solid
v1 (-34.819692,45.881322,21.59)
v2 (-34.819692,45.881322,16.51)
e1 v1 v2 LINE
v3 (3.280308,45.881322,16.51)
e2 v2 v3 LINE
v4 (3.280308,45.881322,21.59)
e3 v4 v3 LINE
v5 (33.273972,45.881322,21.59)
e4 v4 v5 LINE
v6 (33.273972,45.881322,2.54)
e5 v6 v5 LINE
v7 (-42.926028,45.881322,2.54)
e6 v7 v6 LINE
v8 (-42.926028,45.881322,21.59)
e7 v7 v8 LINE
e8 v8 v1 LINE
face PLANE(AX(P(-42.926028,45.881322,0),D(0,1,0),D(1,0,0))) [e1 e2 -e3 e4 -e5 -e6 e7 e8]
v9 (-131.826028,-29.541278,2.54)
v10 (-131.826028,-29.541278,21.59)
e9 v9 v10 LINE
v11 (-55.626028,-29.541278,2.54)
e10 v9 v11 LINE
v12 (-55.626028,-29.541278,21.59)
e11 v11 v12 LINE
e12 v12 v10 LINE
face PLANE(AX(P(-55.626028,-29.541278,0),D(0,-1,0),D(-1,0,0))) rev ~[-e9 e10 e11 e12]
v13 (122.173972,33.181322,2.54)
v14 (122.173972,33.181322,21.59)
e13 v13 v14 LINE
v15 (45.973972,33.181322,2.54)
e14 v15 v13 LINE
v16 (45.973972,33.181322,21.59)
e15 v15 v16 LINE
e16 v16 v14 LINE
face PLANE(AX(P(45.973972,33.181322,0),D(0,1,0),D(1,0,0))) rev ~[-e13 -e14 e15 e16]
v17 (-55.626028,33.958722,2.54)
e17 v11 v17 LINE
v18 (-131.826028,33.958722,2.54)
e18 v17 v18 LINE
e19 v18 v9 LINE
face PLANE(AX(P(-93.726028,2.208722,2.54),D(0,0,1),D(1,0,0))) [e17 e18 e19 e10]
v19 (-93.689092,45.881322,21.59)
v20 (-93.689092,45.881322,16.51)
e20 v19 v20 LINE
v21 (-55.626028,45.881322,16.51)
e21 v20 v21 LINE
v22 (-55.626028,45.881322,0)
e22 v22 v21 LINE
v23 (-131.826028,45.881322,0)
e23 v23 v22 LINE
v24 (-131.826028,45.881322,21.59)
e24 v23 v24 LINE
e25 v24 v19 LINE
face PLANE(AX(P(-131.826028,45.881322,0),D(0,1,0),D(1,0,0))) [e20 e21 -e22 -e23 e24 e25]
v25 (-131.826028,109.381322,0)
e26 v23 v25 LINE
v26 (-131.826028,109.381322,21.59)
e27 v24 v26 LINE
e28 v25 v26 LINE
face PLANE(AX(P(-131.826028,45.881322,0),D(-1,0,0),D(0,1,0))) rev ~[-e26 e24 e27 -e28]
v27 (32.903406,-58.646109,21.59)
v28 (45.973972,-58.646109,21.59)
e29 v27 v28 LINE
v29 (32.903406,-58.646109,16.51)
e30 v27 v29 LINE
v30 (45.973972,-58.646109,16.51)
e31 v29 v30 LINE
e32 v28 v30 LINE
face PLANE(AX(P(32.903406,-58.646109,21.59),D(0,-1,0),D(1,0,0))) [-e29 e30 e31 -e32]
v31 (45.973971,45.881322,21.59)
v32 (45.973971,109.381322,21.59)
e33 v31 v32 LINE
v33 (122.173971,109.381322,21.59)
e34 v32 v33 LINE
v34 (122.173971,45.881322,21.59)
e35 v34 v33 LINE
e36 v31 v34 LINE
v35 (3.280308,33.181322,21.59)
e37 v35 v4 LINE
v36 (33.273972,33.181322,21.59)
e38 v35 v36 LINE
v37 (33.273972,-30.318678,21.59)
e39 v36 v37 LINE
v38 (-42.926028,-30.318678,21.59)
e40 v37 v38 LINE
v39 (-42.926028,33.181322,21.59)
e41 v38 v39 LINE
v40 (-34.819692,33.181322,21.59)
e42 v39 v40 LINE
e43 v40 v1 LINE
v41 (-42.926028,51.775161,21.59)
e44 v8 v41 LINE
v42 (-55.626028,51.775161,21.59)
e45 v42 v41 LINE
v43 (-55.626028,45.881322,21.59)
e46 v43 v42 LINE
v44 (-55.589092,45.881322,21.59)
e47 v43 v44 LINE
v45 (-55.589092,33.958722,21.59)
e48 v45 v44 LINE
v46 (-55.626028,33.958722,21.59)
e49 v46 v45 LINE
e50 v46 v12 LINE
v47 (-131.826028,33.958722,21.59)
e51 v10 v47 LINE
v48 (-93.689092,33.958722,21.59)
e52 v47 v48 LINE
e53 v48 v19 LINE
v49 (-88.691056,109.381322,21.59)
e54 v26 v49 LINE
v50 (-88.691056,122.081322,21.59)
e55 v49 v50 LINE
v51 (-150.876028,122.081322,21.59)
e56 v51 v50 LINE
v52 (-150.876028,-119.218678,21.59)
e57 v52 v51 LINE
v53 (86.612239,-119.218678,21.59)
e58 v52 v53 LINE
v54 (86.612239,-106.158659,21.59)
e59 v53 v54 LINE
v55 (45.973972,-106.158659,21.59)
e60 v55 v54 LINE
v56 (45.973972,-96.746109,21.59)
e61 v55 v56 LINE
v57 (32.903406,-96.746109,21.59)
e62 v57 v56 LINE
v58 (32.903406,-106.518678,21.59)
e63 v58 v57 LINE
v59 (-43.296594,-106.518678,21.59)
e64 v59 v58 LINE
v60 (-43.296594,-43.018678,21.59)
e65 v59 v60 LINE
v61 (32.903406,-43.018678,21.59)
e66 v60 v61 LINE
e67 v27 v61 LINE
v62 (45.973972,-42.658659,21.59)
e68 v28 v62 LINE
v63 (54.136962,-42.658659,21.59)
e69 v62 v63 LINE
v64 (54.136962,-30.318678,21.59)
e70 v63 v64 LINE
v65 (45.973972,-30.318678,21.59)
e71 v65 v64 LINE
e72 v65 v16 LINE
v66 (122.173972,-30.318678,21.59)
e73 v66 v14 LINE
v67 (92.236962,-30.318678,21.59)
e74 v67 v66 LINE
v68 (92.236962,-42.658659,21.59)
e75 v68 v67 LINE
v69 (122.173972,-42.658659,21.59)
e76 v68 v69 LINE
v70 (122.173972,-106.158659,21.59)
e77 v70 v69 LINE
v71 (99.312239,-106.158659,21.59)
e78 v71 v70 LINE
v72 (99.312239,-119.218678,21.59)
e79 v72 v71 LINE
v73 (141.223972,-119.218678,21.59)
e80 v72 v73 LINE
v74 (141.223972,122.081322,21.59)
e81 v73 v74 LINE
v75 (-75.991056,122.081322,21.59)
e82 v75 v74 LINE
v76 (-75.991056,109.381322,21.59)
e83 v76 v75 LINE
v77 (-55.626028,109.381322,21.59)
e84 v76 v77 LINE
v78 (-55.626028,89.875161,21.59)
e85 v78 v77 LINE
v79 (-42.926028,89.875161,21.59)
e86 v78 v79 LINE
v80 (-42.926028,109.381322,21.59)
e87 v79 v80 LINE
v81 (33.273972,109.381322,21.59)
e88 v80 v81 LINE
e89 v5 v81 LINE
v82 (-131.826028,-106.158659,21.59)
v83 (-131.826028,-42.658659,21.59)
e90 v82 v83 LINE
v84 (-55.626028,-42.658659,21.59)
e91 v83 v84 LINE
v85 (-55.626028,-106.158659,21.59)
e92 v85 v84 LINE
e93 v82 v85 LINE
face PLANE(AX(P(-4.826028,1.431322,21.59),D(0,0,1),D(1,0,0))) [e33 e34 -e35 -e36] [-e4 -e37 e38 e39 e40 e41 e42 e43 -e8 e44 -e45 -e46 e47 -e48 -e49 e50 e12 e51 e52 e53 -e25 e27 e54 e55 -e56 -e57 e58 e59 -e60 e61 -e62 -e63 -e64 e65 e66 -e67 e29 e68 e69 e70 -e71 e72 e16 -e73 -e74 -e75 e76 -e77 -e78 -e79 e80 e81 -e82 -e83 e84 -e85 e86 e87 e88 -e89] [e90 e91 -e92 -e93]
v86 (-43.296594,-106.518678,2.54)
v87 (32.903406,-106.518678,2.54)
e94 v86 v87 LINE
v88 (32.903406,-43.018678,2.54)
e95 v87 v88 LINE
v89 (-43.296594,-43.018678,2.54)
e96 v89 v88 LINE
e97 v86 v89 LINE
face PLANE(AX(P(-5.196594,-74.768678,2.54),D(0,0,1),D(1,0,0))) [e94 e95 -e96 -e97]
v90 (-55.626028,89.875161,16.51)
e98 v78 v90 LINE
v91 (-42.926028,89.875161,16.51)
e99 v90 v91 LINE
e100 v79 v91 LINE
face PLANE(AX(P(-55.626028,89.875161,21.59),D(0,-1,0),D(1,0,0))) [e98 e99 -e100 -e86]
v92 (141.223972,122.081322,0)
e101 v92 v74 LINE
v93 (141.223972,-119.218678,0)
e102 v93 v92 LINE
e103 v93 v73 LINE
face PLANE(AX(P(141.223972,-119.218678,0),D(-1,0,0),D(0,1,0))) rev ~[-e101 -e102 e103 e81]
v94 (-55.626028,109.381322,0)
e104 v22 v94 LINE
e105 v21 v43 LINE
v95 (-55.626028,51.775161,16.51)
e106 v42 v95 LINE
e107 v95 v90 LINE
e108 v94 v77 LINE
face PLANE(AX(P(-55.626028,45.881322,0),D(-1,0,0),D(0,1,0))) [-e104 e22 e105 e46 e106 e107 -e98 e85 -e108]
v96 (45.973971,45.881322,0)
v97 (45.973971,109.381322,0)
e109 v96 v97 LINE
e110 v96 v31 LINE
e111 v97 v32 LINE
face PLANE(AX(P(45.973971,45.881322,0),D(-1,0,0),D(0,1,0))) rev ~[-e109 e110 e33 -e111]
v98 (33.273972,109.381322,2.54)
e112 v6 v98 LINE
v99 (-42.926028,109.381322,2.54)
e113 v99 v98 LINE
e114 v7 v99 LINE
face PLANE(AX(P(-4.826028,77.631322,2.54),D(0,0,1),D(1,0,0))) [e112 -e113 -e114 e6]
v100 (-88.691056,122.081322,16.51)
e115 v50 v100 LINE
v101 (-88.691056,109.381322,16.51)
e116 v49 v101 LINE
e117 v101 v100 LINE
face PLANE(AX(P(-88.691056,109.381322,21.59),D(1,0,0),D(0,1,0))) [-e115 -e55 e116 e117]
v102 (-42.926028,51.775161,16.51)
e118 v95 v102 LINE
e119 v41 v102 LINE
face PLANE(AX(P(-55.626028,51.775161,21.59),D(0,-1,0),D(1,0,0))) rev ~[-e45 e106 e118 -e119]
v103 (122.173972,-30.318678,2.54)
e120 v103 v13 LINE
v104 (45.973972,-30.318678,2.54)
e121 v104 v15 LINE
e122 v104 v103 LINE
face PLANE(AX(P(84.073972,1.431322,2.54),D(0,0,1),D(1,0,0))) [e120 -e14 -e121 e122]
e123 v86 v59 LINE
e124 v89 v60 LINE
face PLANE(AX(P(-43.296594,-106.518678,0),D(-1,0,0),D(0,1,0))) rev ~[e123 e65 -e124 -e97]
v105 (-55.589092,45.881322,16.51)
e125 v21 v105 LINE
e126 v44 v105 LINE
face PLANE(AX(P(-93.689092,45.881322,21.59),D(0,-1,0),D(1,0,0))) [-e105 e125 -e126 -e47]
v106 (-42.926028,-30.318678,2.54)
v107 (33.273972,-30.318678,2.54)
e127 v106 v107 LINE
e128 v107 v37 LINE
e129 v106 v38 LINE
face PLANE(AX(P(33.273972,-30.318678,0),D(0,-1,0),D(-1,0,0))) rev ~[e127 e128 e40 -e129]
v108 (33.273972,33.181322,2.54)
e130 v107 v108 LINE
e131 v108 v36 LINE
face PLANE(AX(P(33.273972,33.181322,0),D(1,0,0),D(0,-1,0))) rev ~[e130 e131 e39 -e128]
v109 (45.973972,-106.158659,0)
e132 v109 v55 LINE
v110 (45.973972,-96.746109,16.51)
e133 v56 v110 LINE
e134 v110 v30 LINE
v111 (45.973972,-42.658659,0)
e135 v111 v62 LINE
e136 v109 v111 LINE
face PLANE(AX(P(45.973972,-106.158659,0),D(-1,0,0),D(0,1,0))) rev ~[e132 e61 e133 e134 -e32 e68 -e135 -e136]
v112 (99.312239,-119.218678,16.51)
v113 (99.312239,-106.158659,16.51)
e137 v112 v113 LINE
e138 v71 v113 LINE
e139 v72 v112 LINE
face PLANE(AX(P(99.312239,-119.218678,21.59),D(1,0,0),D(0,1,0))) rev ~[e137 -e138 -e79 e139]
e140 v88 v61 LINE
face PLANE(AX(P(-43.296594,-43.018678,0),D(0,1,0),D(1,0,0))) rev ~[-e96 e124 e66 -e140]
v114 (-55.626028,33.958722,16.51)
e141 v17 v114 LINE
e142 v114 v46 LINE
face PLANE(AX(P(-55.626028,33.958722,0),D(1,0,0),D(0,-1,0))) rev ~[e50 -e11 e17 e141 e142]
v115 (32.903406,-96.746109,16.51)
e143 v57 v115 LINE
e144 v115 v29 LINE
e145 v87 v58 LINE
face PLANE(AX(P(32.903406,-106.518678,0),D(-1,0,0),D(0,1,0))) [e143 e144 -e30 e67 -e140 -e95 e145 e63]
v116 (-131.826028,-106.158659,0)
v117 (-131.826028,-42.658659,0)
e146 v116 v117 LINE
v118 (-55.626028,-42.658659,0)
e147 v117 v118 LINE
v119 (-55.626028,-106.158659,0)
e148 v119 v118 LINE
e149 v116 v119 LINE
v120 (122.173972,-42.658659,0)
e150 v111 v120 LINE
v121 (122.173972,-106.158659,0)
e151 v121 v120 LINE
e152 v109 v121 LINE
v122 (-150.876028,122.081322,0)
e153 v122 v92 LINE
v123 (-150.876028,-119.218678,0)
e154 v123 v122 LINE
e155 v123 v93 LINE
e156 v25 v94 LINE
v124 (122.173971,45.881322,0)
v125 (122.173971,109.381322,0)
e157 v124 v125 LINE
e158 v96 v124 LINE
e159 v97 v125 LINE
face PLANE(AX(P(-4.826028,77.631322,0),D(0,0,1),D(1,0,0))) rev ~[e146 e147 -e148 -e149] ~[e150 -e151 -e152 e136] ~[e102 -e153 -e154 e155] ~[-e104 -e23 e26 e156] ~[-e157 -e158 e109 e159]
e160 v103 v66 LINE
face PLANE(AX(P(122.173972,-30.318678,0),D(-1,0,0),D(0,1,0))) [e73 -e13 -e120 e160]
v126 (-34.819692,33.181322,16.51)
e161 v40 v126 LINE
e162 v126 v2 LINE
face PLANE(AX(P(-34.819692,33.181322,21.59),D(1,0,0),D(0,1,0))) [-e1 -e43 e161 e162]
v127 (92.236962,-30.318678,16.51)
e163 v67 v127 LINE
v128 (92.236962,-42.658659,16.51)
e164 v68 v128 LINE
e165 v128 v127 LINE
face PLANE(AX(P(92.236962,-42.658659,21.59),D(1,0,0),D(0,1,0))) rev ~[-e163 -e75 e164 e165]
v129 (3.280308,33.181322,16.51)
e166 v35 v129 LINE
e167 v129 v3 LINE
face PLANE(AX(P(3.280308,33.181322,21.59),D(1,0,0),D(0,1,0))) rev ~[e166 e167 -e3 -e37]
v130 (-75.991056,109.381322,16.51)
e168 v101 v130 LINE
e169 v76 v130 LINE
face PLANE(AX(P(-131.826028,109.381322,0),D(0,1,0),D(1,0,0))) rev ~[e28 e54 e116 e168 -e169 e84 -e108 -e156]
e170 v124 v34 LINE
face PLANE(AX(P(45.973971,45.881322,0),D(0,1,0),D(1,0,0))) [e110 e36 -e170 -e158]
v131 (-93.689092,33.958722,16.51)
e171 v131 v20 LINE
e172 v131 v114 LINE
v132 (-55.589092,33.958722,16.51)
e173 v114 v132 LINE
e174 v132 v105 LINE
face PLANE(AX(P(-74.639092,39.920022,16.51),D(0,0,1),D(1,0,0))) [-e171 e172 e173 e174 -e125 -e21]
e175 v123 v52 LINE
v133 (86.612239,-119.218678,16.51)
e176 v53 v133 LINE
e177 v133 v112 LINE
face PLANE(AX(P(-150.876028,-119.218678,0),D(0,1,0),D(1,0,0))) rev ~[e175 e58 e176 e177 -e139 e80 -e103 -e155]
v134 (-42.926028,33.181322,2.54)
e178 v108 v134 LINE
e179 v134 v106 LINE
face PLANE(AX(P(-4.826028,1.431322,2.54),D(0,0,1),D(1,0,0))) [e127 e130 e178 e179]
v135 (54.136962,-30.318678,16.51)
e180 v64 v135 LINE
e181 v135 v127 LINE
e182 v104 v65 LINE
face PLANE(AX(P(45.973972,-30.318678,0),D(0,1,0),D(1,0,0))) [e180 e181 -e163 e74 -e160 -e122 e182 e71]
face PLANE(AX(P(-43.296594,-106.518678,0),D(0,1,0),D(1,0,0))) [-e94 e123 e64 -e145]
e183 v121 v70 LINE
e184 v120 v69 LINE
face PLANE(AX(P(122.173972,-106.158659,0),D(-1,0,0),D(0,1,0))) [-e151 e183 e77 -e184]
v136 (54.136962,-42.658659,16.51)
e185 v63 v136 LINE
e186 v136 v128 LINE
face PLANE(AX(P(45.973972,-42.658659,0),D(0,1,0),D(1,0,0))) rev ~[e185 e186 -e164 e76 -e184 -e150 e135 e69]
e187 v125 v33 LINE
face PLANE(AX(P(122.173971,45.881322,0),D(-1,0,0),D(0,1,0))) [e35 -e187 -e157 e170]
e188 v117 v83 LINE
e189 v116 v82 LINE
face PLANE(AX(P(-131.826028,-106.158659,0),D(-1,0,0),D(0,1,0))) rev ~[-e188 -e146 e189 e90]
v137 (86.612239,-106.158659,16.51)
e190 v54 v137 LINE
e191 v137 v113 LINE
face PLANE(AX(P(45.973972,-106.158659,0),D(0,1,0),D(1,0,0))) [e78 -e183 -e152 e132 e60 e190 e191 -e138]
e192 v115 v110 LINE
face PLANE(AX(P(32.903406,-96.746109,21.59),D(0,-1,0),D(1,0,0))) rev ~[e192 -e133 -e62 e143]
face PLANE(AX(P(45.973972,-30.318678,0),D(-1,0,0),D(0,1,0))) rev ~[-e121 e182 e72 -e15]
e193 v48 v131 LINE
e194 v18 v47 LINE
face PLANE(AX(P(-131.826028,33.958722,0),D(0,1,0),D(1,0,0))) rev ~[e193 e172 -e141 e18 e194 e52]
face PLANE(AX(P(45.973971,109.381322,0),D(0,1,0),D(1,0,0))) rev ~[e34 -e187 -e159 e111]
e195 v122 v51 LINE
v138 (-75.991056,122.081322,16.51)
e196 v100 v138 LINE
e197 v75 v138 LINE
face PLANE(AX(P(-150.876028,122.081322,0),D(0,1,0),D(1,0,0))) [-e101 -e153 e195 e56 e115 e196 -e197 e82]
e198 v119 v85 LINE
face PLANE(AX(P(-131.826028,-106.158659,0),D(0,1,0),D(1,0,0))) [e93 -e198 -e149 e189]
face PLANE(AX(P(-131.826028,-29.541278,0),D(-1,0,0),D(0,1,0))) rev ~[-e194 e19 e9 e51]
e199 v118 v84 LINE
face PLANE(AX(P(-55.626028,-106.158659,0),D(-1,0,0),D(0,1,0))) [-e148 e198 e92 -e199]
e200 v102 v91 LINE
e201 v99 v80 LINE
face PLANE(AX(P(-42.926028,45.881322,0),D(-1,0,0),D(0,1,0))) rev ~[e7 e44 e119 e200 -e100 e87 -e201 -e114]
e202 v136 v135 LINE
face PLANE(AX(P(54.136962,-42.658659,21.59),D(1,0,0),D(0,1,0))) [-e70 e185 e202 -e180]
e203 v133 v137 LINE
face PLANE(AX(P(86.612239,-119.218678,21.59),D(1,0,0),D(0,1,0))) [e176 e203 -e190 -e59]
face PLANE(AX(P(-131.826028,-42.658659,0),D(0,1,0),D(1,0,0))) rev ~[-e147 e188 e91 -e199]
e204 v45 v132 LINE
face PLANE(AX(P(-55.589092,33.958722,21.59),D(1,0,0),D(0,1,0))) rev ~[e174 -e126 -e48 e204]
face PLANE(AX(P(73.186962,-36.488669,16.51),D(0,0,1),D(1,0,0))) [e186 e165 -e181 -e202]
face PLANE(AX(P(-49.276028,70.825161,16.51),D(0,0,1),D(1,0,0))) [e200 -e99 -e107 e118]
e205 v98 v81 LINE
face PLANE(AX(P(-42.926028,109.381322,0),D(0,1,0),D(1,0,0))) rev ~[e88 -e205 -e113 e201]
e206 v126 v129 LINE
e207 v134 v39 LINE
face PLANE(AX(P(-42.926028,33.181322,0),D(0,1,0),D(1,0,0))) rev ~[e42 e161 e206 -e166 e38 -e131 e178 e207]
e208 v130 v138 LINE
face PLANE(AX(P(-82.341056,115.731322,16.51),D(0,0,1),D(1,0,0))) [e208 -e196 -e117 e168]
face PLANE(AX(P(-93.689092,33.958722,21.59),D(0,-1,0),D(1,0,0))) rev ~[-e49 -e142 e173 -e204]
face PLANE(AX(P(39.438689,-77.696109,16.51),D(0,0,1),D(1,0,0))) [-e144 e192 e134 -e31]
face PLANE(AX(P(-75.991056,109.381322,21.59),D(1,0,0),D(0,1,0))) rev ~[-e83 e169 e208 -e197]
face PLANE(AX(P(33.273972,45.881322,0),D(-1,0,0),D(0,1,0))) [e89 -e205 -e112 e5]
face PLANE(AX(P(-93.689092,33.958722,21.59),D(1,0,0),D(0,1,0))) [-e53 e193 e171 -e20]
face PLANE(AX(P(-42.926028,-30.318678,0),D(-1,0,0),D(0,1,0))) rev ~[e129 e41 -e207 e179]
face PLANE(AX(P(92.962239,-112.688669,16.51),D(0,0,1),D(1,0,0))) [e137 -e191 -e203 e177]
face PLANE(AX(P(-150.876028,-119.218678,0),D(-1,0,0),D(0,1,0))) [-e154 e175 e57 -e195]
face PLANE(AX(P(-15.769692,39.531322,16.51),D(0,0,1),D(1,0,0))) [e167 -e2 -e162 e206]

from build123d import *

# Parameters (mm, degrees)
F0_W     = 292.1
F0_H     = 241.3
F0_W_2   = 76.2
F0_H_2   = 63.5
F1_DEPTH = 21.59
F2_DEPTH = 2.54
F3_W     = 38.1
F3_H     = 11.9225998908
F3_W_2   = 12.7
F3_H_2   = 38.1
F3_H_3   = 12.7
F3_H_4   = 13.060019505
F3_H_5   = 12.339980495
F3_W_3   = 13.0705659449
F4_DEPTH = 5.08


with BuildPart() as f1:
    # F0 (on Top) → F1 (new body)
    with BuildSketch(Plane.XY):
        with Locations((-4.8260282278, 1.4313216329)):
            Rectangle(F0_W, F0_H)
        with Locations((-93.7260282278, -74.4086588621)):
            Rectangle(F0_W_2, F0_H_2, mode=Mode.SUBTRACT)
        with Locations((-5.1965941727, -74.7686783671)):
            Rectangle(F0_W_2, F0_H_2, mode=Mode.SUBTRACT)
        with Locations((84.0739717722, -74.4086588621)):
            Rectangle(F0_W_2, F0_H_2, mode=Mode.SUBTRACT)
        Polygon((-42.9260282278, -30.3186783671), (-42.9260282278, 9.6084550023), (-42.9260282278, 33.1813216329), (33.2739717722, 33.1813216329), (33.2739717722, -30.3186783671), align=None, mode=Mode.SUBTRACT)
        with Locations((84.0739717722, 1.4313216329)):
            Rectangle(F0_W_2, F0_H_2, mode=Mode.SUBTRACT)
        Polygon((-131.8260282278, 33.958721742), (-55.6260282278, 33.958721742), (-55.6260282278, 9.6084550023), (-55.6260282278, -29.541278258), (-131.8260282278, -29.541278258), align=None, mode=Mode.SUBTRACT)
        with Locations((-93.7260282278, 77.6313216329)):
            Rectangle(F0_W_2, F0_H_2, mode=Mode.SUBTRACT)
        with Locations((-4.8260282278, 77.6313216329)):
            Rectangle(F0_W_2, F0_H_2, mode=Mode.SUBTRACT)
        with Locations((84.0739714861, 77.6313216329)):
            Rectangle(F0_W_2, F0_H_2, mode=Mode.SUBTRACT)
    extrude(amount=F1_DEPTH)

    # F0 (on Top) → F2 (join)
    with BuildSketch(Plane.XY):
        with Locations((-4.8260282278, 77.6313216329)):
            Rectangle(F0_W_2, F0_H_2)
        Polygon((-42.9260282278, 33.1813216329), (-42.9260282278, 9.6084550023), (-42.9260282278, -30.3186783671), (33.2739717722, -30.3186783671), (33.2739717722, 33.1813216329), align=None)
        with Locations((-5.1965941727, -74.7686783671)):
            Rectangle(F0_W_2, F0_H_2)
        Polygon((-55.6260282278, 9.6084550023), (-55.6260282278, 33.958721742), (-131.8260282278, 33.958721742), (-131.8260282278, -29.541278258), (-55.6260282278, -29.541278258), align=None)
        with Locations((84.0739717722, 1.4313216329)):
            Rectangle(F0_W_2, F0_H_2)
    extrude(amount=F2_DEPTH)

    # F3 (on face) → F4 (cut)
    with BuildSketch(Plane.XY.offset(21.59)):
        with Locations((-74.6390915036, 39.9200216874)):
            Rectangle(F3_W, F3_H)
        with Locations((-49.2760282278, 70.8251611769)):
            Rectangle(F3_W_2, F3_H_2)
        with Locations((-15.7696923733, 39.5313216329)):
            Rectangle(F3_W, F3_H_3)
        with Locations((-82.3410557747, 115.7313216329)):
            Rectangle(F3_W_2, F3_H_3)
        with Locations((92.96223948, -112.6886686146)):
            Rectangle(F3_W_2, F3_H_4)
        with Locations((73.1869616985, -36.4886686146)):
            Rectangle(F3_W, F3_H_5)
        with Locations((39.4386887997, -77.696109426)):
            Rectangle(F3_W_3, F3_H_2)
    extrude(amount=-F4_DEPTH, mode=Mode.SUBTRACT)


solid = f1.part
